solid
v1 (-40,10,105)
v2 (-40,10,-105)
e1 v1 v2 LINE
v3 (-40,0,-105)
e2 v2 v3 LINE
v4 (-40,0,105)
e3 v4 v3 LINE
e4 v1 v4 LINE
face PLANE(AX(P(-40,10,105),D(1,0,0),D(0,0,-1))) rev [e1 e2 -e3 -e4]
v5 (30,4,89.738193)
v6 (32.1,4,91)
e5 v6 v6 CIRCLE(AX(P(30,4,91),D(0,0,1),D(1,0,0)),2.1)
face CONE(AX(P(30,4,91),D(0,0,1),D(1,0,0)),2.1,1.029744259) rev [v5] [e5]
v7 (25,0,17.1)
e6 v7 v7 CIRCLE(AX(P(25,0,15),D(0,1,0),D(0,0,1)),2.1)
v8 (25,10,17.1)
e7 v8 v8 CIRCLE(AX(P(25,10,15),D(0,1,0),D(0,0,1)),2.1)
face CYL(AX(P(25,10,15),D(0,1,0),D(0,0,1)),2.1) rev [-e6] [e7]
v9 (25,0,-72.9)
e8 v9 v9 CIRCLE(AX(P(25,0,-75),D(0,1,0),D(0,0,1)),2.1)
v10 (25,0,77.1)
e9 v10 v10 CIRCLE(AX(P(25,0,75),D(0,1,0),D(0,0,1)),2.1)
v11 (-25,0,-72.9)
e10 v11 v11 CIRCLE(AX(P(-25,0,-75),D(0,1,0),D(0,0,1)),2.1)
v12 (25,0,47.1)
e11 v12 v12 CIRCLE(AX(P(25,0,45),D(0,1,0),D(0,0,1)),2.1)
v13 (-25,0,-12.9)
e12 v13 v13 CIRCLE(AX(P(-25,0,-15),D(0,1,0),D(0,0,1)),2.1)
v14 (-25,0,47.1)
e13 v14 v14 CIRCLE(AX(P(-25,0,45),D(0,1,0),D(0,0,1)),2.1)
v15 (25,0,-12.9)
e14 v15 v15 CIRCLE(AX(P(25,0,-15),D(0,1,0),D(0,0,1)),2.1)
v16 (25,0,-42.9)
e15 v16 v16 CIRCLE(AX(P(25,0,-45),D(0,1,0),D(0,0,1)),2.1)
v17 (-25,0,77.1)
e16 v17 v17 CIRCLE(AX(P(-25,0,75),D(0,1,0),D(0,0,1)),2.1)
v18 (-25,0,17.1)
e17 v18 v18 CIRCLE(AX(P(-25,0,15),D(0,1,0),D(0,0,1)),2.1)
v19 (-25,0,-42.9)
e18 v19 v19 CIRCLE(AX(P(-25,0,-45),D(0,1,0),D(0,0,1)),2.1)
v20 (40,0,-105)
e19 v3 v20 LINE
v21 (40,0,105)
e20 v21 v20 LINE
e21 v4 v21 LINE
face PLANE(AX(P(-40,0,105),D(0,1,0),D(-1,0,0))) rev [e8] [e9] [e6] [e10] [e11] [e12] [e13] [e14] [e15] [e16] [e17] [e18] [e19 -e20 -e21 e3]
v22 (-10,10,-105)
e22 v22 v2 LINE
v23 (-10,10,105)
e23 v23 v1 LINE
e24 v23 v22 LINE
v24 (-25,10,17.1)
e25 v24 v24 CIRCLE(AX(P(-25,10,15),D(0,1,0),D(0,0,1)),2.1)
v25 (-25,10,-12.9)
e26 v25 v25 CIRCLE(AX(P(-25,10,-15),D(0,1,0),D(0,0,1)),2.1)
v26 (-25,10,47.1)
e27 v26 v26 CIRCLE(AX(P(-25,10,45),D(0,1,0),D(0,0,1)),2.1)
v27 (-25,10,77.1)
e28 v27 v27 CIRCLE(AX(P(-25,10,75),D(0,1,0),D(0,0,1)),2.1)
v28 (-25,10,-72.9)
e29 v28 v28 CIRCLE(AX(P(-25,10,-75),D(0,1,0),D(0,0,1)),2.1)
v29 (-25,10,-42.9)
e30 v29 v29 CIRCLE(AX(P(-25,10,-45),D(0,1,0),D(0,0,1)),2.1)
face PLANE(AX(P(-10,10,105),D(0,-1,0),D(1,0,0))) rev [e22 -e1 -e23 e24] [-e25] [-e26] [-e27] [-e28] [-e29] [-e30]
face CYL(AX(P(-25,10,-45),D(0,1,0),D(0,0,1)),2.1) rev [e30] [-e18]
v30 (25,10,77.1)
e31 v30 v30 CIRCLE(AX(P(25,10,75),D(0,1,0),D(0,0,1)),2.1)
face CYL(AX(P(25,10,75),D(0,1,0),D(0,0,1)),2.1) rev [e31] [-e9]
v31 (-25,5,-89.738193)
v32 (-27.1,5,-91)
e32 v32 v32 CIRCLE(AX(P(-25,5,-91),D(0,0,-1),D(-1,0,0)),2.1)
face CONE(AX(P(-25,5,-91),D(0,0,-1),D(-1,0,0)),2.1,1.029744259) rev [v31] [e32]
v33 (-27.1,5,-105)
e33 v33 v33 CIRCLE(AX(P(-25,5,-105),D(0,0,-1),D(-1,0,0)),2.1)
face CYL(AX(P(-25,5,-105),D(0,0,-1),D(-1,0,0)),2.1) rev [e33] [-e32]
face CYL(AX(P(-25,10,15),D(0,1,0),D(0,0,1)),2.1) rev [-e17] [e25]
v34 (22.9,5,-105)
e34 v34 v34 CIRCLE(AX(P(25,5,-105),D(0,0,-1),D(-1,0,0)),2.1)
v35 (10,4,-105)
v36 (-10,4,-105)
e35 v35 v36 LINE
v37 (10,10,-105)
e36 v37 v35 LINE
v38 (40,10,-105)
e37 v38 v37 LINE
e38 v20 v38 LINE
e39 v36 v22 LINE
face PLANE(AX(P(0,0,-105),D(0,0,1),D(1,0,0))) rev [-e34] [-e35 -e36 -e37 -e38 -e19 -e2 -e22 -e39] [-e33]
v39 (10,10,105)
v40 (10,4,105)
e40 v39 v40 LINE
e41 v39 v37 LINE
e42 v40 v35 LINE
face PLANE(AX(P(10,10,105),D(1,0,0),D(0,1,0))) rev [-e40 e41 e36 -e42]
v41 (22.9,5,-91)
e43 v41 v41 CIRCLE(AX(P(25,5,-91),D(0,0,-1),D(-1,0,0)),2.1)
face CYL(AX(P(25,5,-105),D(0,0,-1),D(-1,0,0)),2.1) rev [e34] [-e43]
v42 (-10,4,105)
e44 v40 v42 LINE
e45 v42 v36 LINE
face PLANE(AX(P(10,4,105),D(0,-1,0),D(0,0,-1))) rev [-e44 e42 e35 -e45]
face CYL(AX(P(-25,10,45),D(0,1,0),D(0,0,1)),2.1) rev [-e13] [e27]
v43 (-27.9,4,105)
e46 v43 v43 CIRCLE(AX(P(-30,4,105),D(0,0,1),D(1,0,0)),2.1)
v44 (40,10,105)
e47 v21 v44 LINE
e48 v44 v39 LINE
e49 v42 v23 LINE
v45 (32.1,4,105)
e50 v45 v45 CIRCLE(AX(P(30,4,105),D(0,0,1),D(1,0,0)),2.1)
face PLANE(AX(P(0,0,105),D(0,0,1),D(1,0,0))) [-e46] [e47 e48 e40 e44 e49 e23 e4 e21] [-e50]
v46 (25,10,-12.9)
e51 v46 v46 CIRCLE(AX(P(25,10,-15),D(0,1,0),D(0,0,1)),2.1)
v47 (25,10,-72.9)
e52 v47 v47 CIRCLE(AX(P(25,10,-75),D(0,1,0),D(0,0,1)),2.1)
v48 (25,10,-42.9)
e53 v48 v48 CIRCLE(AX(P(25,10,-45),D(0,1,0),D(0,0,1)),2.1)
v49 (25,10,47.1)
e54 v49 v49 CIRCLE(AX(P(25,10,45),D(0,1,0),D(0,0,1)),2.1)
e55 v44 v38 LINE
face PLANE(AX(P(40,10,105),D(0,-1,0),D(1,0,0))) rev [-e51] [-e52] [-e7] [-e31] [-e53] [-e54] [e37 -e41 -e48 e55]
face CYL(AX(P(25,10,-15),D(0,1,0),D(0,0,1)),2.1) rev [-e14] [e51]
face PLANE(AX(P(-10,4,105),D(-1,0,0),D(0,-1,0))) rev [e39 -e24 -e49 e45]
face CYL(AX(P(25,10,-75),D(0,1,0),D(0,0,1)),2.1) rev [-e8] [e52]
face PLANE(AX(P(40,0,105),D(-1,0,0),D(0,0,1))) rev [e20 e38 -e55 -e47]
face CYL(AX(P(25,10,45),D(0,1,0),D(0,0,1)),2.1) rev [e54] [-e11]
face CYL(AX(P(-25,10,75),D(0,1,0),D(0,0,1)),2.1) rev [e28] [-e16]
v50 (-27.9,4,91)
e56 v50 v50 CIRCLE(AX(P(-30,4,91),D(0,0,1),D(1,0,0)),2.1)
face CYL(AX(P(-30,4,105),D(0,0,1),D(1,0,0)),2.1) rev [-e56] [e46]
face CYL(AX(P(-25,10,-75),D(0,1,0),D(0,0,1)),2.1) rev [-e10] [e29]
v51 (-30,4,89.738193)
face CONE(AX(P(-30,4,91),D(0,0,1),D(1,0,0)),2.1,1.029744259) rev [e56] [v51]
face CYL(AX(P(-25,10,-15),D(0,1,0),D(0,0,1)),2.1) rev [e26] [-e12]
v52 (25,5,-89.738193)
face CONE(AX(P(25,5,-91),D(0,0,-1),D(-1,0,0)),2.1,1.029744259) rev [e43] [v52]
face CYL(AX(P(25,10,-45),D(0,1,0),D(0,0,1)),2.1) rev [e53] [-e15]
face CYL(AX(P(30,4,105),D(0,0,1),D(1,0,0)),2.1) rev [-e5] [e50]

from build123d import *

# Parameters (mm, degrees)
AUFSATZ_LINEAR_AUSTRAGEN1_DEPTH = 105
M5_GEWINDEBOHRUNG1_D            = 4.2
M5_GEWINDEBOHRUNG1_DEPTH        = 14
M5_GEWINDEBOHRUNG1_TIP          = 1.2618073
M5_GEWINDEBOHRUNG2_D            = 4.2
M5_GEWINDEBOHRUNG2_DEPTH        = 14
M5_GEWINDEBOHRUNG2_TIP          = 1.2618073
M5_GEWINDEBOHRUNG3_D            = 4.2


with BuildPart() as part:
    # Skizze1 → Aufsatz-Linear austragen1 (new body, symmetric)
    with BuildSketch(Plane.XY):
        Polygon((-40, 0), (40, 0), (40, 10), (10, 10), (10, 4), (-10, 4), (-10, 10), (-40, 10), align=None)
    extrude(amount=AUFSATZ_LINEAR_AUSTRAGEN1_DEPTH, both=True)

    # M5 Gewindebohrung1
    with Locations(Plane.XY.offset(105)):
        with Locations((-30, 4), (30, 4)):
            Hole(M5_GEWINDEBOHRUNG1_D / 2, depth=M5_GEWINDEBOHRUNG1_DEPTH)
            with Locations((0, 0, -(M5_GEWINDEBOHRUNG1_DEPTH + M5_GEWINDEBOHRUNG1_TIP / 2))):  # 118° drill point
                Cone(0, M5_GEWINDEBOHRUNG1_D / 2, M5_GEWINDEBOHRUNG1_TIP, mode=Mode.SUBTRACT)

    # M5 Gewindebohrung2
    with Locations(Plane(origin=(0, 0, -105), x_dir=(-1, 0, 0), z_dir=(0, 0, -1))):
        with Locations((-25, 5), (25, 5)):
            Hole(M5_GEWINDEBOHRUNG2_D / 2, depth=M5_GEWINDEBOHRUNG2_DEPTH)
            with Locations((0, 0, -(M5_GEWINDEBOHRUNG2_DEPTH + M5_GEWINDEBOHRUNG2_TIP / 2))):  # 118° drill point
                Cone(0, M5_GEWINDEBOHRUNG2_D / 2, M5_GEWINDEBOHRUNG2_TIP, mode=Mode.SUBTRACT)

    # M5 Gewindebohrung3 (through all)
    with Locations(Plane(origin=(0, 10, 0), x_dir=(1, 0, 0), z_dir=(0, 1, 0))):
        with Locations((25, -75), (-25, -75), (-25, -45), (-25, -15), (-25, 15), (-25, 45), (-25, 75), (25, 75), (25, 45), (25, 15), (25, -15), (25, -45)):
            Hole(M5_GEWINDEBOHRUNG3_D / 2)


solid = part.part
